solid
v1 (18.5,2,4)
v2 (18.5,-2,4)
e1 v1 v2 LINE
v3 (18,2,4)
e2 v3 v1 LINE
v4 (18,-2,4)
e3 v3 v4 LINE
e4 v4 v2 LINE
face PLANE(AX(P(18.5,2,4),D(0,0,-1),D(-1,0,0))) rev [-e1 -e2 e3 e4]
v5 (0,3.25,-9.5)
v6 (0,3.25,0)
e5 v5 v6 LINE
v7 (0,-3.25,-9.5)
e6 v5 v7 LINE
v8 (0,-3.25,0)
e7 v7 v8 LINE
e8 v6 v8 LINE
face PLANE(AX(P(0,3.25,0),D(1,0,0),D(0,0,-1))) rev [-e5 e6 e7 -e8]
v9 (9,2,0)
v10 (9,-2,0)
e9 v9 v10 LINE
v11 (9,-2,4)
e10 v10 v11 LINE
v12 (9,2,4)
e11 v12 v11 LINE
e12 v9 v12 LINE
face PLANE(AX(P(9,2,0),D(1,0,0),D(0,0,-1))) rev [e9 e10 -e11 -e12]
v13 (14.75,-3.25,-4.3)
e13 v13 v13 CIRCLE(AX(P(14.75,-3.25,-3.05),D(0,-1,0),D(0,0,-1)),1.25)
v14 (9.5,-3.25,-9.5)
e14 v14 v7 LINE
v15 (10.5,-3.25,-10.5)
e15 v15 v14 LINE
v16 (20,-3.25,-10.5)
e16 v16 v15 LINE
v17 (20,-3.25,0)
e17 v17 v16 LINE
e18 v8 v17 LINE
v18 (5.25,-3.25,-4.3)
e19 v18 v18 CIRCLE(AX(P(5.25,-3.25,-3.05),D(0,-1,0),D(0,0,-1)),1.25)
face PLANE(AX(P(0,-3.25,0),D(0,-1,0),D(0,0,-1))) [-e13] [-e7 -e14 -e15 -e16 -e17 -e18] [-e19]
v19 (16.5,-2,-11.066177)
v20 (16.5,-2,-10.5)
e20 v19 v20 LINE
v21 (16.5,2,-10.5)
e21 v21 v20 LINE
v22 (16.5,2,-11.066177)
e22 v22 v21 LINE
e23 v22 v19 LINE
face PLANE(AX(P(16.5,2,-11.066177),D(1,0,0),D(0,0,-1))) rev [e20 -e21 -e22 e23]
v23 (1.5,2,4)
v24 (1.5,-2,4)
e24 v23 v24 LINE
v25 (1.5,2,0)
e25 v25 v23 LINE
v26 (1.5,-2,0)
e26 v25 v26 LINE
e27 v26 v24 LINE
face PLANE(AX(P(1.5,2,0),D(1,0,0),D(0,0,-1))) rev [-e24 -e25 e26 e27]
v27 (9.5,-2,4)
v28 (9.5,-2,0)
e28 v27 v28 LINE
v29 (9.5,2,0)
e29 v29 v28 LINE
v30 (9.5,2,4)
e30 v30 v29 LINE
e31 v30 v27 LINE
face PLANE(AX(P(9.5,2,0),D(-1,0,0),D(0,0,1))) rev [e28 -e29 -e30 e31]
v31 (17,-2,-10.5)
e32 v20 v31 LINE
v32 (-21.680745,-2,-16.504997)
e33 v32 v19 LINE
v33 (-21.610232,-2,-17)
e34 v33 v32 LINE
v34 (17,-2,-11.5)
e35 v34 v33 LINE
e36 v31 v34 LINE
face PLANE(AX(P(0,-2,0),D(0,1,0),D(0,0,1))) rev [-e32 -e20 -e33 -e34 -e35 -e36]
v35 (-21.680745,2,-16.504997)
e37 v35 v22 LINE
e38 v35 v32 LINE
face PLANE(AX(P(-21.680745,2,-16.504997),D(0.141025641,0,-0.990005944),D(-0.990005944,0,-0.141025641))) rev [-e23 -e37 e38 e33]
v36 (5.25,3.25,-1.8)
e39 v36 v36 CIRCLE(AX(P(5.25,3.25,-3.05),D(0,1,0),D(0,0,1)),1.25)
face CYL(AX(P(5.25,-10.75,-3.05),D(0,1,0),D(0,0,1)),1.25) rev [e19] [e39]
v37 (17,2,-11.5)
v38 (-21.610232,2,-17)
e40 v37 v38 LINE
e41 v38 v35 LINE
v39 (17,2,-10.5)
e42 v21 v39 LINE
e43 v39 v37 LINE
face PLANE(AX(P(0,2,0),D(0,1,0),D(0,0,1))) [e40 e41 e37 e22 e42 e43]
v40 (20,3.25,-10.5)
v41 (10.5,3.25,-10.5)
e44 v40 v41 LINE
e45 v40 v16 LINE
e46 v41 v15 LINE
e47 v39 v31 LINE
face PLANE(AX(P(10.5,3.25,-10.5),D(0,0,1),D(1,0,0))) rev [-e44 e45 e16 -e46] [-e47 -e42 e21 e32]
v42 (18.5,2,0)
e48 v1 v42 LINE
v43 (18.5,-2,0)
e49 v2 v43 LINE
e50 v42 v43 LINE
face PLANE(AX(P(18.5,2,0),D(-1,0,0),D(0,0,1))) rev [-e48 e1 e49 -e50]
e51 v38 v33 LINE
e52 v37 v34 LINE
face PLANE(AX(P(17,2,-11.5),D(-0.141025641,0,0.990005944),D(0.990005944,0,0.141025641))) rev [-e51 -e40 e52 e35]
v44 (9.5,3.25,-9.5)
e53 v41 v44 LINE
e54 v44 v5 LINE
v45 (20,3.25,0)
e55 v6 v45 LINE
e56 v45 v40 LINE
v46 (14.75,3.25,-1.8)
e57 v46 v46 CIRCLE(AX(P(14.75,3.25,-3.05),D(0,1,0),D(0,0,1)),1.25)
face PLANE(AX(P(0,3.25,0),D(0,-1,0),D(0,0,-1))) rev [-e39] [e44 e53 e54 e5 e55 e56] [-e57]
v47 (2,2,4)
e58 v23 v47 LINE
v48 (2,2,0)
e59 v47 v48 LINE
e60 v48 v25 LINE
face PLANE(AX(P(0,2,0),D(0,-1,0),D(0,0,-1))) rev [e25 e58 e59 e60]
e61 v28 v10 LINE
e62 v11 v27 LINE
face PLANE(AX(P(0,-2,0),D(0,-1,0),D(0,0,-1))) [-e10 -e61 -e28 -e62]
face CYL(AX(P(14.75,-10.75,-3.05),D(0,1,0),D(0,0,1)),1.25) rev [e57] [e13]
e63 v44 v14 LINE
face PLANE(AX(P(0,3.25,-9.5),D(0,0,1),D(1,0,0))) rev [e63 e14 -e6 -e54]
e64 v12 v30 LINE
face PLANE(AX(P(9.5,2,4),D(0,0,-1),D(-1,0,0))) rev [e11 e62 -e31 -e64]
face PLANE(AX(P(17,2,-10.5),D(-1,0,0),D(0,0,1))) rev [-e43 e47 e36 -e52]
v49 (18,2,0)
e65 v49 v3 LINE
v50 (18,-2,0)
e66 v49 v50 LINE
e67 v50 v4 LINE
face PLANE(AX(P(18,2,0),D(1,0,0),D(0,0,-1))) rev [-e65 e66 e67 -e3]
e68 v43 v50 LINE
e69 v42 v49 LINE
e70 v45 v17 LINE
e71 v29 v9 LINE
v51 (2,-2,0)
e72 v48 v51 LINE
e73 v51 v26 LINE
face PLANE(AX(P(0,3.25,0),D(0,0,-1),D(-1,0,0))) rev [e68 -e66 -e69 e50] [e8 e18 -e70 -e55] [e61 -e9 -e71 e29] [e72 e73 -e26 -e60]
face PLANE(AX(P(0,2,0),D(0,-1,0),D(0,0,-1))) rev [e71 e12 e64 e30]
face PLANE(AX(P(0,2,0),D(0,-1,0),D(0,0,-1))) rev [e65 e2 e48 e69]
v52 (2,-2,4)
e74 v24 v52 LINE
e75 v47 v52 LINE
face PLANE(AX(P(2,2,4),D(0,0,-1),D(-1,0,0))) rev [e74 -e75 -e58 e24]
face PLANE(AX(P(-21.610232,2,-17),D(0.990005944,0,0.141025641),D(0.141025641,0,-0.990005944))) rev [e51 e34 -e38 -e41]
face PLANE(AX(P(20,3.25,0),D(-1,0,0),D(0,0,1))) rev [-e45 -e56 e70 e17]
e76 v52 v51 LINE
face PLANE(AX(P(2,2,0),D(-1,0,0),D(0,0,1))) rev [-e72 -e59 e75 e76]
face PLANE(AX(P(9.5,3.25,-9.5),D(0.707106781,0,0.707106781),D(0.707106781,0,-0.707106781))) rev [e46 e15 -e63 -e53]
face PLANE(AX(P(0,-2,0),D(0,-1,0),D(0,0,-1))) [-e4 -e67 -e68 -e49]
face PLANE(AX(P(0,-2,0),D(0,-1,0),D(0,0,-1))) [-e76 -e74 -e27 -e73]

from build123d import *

# Parameters (mm, degrees)
BOSS_EXTRUDE1_DEPTH = 3.25
SKETCH2_W           = 0.5
SKETCH2_H           = 4
BOSS_EXTRUDE2_DEPTH = 2
SKETCH3_R           = 1.25
CUT_EXTRUDE1_DEPTH  = 14


with BuildPart() as part:
    # Sketch1 → Boss-Extrude1 (new, symmetric)
    with BuildSketch(Plane(origin=(0, 0, 0), x_dir=(1, 0, 0), z_dir=(0, 1, 0))):
        Polygon((0, 9.5), (9.5, 9.5), (10.5, 10.5), (20, 10.5), (20, 0), (0, 0), align=None)
    extrude(amount=BOSS_EXTRUDE1_DEPTH, both=True)

    # Sketch2 → Boss-Extrude2 (add, symmetric)
    with BuildSketch(Plane(origin=(0, 0, 0), x_dir=(1, 0, 0), z_dir=(0, 1, 0))):
        Polygon((17, 10.5), (17, 11.5), (-21.610231805, 17), (-21.680744625, 16.504997028), (16.5, 11.066177171), (16.5, 10.5), align=None)
        with Locations((18.25, -2)):
            Rectangle(SKETCH2_W, SKETCH2_H)
        with Locations((9.25, -2)):
            Rectangle(SKETCH2_W, SKETCH2_H)
        with Locations((1.75, -2)):
            Rectangle(SKETCH2_W, SKETCH2_H)
    extrude(amount=BOSS_EXTRUDE2_DEPTH, both=True)

    # Sketch3 → Cut-Extrude1 (cut)
    with BuildSketch(Plane(origin=(0, 3.25, 0), x_dir=(1, 0, 0), z_dir=(0, 1, 0))):
        with Locations(Location((5.25, 3.05, 0), (0, 0, 270))):
            Circle(SKETCH3_R)
        with Locations(Location((14.75, 3.05, 0), (0, 0, 270))):
            Circle(SKETCH3_R)
    extrude(amount=-CUT_EXTRUDE1_DEPTH, mode=Mode.SUBTRACT)


solid = part.part
